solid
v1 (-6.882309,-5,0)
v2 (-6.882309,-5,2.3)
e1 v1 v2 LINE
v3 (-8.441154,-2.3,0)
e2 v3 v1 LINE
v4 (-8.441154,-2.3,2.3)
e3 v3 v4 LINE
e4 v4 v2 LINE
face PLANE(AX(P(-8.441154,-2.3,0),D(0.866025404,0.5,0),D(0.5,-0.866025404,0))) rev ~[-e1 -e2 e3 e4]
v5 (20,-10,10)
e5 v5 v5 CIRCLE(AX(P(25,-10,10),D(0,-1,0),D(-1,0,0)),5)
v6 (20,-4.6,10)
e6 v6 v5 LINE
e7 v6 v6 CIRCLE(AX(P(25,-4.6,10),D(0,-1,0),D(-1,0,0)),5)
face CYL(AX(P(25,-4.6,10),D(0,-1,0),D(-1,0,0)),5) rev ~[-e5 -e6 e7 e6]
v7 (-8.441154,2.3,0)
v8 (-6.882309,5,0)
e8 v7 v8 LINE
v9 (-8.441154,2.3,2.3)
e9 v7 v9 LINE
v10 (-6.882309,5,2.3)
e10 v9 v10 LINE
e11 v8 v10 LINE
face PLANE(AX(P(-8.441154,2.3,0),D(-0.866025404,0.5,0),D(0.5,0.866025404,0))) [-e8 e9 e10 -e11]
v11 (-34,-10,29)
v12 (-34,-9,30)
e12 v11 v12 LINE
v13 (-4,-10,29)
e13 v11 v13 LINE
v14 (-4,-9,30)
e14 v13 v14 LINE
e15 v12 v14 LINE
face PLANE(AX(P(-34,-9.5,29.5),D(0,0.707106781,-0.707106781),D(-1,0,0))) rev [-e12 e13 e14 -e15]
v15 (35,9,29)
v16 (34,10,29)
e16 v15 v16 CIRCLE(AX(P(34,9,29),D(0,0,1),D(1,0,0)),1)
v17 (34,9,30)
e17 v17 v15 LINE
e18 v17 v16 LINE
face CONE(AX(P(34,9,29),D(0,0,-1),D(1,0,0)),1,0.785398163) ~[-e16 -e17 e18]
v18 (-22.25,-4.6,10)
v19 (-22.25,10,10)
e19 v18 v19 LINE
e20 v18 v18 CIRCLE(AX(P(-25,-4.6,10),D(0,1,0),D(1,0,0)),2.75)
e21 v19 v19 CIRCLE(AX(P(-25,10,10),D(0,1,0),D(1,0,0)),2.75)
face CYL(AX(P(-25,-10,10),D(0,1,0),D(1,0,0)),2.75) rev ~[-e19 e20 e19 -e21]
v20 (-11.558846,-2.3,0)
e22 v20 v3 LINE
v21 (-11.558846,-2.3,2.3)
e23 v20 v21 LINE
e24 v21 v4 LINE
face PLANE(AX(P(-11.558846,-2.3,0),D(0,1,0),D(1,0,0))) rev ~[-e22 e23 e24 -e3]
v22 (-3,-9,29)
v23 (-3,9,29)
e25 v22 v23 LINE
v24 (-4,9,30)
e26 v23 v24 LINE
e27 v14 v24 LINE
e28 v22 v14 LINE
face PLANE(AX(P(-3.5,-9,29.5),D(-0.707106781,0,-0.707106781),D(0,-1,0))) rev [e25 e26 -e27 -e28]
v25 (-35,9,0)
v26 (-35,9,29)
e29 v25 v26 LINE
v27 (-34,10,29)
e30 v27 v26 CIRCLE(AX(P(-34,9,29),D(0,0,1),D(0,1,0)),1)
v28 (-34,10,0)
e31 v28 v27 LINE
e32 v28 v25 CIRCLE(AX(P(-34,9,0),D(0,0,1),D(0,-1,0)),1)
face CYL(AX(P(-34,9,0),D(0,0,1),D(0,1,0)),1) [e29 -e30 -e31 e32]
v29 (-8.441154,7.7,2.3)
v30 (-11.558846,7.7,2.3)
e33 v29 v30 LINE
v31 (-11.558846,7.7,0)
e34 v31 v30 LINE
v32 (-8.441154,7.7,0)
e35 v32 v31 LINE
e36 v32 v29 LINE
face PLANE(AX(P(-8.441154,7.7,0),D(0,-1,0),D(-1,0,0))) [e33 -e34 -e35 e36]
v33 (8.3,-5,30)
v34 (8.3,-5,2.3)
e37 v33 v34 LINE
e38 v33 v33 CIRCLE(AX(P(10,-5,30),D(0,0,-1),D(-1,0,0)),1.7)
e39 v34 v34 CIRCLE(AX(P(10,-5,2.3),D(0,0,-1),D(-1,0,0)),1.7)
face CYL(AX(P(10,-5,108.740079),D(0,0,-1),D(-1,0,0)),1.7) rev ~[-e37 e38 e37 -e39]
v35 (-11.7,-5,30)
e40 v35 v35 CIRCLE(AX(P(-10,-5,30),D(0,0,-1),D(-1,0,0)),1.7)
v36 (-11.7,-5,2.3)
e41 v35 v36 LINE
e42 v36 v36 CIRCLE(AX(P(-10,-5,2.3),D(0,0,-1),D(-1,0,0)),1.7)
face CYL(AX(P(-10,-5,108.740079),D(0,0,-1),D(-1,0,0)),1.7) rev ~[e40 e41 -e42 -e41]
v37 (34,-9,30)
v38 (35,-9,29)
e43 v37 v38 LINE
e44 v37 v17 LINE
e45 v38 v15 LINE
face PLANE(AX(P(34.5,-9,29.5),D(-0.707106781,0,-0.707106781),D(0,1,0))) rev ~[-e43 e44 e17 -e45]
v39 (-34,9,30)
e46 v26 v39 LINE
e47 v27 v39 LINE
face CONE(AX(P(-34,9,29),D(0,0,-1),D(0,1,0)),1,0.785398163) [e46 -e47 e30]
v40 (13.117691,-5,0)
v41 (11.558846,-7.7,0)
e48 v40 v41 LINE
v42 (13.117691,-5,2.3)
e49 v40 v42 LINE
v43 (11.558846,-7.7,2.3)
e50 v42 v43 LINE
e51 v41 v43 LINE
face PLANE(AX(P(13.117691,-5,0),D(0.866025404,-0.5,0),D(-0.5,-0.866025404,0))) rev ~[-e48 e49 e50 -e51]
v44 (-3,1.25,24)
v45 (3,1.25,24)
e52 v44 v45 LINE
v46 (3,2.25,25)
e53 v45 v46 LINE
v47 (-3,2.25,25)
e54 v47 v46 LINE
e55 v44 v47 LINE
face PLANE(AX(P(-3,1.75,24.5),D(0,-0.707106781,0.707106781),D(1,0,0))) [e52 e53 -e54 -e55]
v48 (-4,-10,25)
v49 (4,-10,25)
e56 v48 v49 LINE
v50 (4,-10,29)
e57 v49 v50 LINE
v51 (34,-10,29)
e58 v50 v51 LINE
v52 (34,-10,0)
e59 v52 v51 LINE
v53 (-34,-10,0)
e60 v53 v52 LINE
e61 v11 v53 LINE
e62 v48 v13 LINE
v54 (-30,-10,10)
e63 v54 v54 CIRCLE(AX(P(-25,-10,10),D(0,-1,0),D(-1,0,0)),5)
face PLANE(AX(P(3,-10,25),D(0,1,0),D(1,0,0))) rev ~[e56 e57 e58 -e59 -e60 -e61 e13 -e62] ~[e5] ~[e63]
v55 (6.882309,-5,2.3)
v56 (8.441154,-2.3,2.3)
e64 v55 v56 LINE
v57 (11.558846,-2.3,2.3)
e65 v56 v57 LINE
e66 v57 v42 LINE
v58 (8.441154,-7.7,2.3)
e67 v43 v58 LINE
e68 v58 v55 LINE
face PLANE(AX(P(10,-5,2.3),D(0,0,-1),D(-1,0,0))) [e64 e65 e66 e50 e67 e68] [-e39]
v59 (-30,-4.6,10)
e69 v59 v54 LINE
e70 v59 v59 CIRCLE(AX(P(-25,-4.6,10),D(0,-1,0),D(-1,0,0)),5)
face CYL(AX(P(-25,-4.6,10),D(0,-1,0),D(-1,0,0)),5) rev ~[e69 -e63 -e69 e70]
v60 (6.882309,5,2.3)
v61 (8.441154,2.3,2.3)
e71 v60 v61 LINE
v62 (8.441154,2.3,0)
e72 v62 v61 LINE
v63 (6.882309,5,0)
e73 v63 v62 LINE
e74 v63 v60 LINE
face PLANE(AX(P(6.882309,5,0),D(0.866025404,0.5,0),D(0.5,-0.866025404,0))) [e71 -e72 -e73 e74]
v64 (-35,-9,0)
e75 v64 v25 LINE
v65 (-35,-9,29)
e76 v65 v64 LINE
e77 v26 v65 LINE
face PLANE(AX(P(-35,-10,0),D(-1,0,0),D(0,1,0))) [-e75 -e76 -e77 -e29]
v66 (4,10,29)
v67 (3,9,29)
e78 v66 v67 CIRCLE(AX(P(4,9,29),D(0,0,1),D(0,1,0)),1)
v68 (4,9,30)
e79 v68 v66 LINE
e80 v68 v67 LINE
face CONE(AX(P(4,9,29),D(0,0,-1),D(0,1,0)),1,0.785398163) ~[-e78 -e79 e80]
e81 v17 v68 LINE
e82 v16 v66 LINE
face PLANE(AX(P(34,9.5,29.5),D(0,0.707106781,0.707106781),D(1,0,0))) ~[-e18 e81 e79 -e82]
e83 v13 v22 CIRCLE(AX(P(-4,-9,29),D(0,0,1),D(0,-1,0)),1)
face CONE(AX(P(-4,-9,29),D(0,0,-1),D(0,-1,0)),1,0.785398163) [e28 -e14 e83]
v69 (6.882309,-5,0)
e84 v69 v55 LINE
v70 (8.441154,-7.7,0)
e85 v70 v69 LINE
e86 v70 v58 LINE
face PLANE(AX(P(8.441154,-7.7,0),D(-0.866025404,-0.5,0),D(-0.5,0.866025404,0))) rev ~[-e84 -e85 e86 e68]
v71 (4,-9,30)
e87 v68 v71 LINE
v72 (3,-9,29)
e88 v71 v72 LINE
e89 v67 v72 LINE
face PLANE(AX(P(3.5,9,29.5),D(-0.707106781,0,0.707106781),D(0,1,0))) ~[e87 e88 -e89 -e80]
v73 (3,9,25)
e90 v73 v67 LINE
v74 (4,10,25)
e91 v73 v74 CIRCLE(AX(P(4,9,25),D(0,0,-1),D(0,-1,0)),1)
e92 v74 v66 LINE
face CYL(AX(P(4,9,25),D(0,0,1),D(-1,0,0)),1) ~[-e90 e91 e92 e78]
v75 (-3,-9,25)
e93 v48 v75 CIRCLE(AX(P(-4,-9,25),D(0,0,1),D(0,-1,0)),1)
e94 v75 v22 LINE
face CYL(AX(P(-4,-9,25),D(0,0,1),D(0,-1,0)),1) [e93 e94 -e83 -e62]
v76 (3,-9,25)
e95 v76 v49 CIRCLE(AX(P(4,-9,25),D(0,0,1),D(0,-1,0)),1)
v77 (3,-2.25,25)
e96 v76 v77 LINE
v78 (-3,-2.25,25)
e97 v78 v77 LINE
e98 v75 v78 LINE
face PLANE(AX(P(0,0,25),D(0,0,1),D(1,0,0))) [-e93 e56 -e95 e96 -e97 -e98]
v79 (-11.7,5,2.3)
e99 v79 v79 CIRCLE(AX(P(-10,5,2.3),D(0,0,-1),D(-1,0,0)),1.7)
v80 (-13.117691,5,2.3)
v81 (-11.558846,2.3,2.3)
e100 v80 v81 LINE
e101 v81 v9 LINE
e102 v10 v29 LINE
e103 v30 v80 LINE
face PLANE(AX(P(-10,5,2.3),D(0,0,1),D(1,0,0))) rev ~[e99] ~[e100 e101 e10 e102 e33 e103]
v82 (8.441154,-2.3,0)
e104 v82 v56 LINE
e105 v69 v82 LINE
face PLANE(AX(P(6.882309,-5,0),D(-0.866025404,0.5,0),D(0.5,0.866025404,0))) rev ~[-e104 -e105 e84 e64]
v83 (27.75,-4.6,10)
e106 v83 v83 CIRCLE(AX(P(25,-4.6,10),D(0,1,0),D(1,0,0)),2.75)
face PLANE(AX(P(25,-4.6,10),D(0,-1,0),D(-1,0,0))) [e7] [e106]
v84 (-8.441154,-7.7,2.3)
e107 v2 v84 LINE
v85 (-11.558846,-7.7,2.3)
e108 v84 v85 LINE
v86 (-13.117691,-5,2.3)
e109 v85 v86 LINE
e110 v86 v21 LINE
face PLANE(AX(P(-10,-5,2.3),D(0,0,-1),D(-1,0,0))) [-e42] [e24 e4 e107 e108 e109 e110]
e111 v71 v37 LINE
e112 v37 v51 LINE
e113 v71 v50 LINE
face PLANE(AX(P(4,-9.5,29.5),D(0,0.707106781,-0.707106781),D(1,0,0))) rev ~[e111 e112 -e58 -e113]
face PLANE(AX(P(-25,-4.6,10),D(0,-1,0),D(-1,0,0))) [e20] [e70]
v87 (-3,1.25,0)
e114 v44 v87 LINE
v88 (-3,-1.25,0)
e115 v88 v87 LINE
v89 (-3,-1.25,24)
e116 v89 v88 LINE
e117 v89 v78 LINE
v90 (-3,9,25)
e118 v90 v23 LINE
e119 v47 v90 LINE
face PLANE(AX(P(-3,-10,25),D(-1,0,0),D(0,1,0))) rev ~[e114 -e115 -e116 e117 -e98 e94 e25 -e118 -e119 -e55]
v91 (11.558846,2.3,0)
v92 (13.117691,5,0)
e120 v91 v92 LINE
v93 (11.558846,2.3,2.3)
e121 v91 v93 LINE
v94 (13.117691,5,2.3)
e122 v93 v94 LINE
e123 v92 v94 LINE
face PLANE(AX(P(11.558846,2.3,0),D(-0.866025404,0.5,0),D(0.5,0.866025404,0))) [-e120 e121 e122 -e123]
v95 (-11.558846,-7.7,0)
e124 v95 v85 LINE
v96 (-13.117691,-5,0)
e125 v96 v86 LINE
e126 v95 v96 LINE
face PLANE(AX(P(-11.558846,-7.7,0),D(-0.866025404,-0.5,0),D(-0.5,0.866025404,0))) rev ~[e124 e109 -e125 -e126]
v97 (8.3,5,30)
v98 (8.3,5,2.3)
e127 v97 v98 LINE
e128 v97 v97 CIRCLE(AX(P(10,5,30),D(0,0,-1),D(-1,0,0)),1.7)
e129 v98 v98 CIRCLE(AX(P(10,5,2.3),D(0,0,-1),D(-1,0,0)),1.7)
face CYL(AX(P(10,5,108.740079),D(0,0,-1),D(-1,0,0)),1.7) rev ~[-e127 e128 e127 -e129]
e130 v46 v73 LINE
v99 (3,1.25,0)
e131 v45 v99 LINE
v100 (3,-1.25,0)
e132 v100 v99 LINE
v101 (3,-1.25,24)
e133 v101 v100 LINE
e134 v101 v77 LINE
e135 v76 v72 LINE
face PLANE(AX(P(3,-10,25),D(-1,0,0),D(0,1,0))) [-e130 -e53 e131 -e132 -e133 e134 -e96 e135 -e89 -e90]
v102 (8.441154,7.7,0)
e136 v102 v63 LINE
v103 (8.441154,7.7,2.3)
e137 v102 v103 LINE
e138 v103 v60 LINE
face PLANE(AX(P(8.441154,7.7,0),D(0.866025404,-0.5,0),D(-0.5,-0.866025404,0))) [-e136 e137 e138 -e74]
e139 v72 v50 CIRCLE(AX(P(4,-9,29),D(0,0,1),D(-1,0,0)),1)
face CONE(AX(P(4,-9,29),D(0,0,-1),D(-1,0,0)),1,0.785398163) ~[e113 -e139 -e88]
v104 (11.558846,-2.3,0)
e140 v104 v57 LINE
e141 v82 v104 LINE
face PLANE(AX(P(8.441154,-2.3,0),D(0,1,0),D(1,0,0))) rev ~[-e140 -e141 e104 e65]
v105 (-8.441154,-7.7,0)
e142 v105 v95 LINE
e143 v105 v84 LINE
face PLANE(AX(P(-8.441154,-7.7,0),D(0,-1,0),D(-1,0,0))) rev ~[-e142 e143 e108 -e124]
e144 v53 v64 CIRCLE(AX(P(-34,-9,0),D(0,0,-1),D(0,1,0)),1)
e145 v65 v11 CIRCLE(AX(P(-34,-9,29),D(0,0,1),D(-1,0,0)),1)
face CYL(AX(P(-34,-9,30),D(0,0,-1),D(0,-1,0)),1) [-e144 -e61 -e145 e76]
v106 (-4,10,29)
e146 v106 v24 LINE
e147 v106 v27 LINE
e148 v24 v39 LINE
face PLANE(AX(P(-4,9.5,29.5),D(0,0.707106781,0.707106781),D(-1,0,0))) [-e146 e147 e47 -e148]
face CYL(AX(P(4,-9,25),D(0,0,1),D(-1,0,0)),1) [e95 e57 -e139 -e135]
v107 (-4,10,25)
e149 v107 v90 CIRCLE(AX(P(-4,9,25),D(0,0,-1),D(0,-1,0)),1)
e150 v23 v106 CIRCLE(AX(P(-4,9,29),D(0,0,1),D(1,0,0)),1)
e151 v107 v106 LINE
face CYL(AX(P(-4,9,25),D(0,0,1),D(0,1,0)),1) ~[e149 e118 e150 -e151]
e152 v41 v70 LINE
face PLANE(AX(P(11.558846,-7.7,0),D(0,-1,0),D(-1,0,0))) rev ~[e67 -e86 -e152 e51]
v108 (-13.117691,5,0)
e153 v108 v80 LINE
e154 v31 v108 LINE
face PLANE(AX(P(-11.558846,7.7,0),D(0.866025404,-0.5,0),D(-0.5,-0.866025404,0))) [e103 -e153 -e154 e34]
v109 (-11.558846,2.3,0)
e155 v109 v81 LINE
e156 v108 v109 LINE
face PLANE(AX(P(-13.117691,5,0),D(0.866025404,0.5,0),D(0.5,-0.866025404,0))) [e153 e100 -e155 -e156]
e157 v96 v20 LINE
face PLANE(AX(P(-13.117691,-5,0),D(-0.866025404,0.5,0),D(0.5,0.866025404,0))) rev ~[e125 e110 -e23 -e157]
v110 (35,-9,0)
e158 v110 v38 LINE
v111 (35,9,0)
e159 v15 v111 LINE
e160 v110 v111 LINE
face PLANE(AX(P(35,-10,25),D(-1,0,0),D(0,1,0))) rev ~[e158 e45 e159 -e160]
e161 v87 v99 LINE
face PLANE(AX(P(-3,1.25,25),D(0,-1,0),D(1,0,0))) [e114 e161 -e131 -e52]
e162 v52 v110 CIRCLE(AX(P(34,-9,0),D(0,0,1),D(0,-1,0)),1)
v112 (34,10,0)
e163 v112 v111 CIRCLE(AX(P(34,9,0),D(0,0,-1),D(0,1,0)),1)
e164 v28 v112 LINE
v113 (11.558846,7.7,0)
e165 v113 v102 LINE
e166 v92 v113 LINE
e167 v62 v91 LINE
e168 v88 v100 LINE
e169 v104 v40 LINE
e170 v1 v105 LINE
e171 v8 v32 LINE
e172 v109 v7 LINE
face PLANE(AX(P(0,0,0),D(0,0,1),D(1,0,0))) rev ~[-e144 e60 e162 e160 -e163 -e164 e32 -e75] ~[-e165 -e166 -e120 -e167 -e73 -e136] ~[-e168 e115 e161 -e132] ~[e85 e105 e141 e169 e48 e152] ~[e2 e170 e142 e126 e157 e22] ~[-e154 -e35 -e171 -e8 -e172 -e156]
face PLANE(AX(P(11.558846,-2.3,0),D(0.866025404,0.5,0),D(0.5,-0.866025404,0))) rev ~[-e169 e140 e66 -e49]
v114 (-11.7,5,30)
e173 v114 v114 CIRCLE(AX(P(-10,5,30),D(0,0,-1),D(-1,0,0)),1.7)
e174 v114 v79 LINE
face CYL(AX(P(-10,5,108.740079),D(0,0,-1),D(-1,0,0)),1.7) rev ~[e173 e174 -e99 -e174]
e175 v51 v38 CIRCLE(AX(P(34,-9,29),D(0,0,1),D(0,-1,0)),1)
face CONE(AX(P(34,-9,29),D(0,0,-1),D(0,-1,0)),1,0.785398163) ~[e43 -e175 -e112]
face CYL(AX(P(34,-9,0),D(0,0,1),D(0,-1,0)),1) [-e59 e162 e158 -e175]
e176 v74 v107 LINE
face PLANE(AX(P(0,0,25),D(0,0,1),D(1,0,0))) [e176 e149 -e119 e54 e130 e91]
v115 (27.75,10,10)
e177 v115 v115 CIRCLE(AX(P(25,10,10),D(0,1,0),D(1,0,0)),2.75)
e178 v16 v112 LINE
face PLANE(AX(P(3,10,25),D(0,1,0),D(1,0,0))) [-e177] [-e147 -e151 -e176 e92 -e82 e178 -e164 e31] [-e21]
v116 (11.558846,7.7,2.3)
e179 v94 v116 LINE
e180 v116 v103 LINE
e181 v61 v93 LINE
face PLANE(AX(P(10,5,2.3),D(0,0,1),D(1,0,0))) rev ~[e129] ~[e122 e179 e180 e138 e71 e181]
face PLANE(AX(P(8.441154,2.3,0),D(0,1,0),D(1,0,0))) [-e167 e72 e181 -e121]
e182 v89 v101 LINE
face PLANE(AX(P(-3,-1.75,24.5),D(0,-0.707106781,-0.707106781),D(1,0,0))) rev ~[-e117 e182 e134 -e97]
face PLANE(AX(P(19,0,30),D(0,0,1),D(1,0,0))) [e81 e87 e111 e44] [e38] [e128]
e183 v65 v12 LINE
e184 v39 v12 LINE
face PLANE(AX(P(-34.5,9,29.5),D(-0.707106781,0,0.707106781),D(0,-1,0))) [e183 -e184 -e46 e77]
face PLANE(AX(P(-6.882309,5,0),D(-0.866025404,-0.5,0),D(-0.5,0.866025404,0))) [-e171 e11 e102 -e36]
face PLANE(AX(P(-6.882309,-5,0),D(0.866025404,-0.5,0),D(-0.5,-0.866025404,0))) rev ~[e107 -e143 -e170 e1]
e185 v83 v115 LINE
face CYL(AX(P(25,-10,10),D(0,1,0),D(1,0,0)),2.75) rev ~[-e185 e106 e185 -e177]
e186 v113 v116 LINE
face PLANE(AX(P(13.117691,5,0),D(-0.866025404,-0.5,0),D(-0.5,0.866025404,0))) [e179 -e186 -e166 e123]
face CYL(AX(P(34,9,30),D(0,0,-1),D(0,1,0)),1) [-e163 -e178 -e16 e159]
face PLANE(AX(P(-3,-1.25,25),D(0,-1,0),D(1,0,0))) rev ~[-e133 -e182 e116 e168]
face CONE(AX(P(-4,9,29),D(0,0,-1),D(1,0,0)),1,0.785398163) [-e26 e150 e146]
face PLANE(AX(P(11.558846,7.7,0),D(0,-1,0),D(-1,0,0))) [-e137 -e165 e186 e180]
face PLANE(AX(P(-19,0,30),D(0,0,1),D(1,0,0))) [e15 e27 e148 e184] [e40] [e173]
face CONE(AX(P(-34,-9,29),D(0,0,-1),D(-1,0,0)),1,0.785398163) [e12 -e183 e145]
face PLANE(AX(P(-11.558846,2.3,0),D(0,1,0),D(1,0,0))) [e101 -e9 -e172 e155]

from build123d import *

# Parameters (mm, degrees)
MAIN_BLOCK_SKETCH_W          = 70
MAIN_BLOCK_SKETCH_H          = 20
MAIN_BLOCK_DEPTH             = 25
THICKER_SECTION_SKETCH_W     = 32
THICKER_SECTION_SKETCH_H     = 20
THICKER_SECTION_DEPTH        = 5
BELT_TRAP_CUT_SKETCH_W       = 6
BELT_TRAP_CUT_SKETCH_H       = 2.5
BELT_TRAP_CUT_DEPTH          = 45.158804332
BELT_HOLDER_MOUNTING_HOLES_D = 3.4
NUT_TRAPS_DEPTH              = 2.3
MOUNTING_HOLES_D             = 5.5
MOUNTING_HOLES_CBORE_D       = 10
MOUNTING_HOLES_CBORE_DEPTH   = 5.4
PRINT_HELPER_FILLETS_R       = 1
BELT_GUIDE_CHAMFERS_SIZE     = 1
COSMETIC_CHAMFERS_SIZE       = 1


with BuildPart() as part:
    # Main Block Sketch → Main Block (new body)
    with BuildSketch(Plane.XY):
        Rectangle(MAIN_BLOCK_SKETCH_W, MAIN_BLOCK_SKETCH_H)
    extrude(amount=MAIN_BLOCK_DEPTH)

    # Thicker Section Sketch → Thicker Section (add)
    with BuildSketch(Plane.XY.offset(25)):
        with Locations((19, 0)):
            Rectangle(THICKER_SECTION_SKETCH_W, THICKER_SECTION_SKETCH_H)
        with Locations((-19, 0)):
            Rectangle(THICKER_SECTION_SKETCH_W, THICKER_SECTION_SKETCH_H)
    extrude(amount=THICKER_SECTION_DEPTH)

    # Belt Trap Cut Sketch → Belt Trap Cut (cut, through all)
    with BuildSketch(Plane.XY.offset(25)):
        Rectangle(BELT_TRAP_CUT_SKETCH_W, BELT_TRAP_CUT_SKETCH_H)
    extrude(amount=-BELT_TRAP_CUT_DEPTH, mode=Mode.SUBTRACT)

    # Belt Holder Mounting Holes (through all)
    with Locations(Plane.XY.offset(30)):
        with Locations((-10, 5), (10, 5), (-10, -5), (10, -5)):
            Hole(BELT_HOLDER_MOUNTING_HOLES_D / 2)

    # Nut Trap Sketch → Nut Traps (cut)
    with BuildSketch(Plane.XY):
        Polygon((11.558845727, 7.7), (8.441154273, 7.7), (6.882308546, 5), (8.441154273, 2.3), (11.558845727, 2.3), (13.117691454, 5), align=None)
        Polygon((-11.558845727, 7.7), (-13.117691454, 5), (-11.558845727, 2.3), (-8.441154273, 2.3), (-6.882308546, 5), (-8.441154273, 7.7), align=None)
        Polygon((-8.441154273, -7.7), (-11.558845727, -7.7), (-13.117691454, -5), (-11.558845727, -2.3), (-8.441154273, -2.3), (-6.882308546, -5), align=None)
        Polygon((13.117691454, -5), (11.558845727, -7.7), (8.441154273, -7.7), (6.882308546, -5), (8.441154273, -2.3), (11.558845727, -2.3), align=None)
    extrude(amount=NUT_TRAPS_DEPTH, mode=Mode.SUBTRACT)

    # Mounting Holes (through all)
    with Locations(Plane(origin=(0, -10, 0), x_dir=(-1, 0, 0), z_dir=(0, -1, 0))):
        with Locations((-25, -10), (25, -10)):
            CounterBoreHole(MOUNTING_HOLES_D / 2, MOUNTING_HOLES_CBORE_D / 2, MOUNTING_HOLES_CBORE_DEPTH)

    # Print Helper Fillets
    print_helper_fillets_edges = [part.edges().sort_by_distance(p)[0] for p in [
        (-3, -10, 27.5),
        (-35, 10, 15),
        (-3, 10, 27.5),
        (-35, -10, 15),
        (3, 10, 27.5),
        (3, -10, 27.5),
        (35, -10, 15),
        (35, 10, 15),
    ]]
    fillet(print_helper_fillets_edges, radius=PRINT_HELPER_FILLETS_R)

    # Belt Guide Chamfers
    belt_guide_chamfers_edges = [part.edges().sort_by_distance(p)[0] for p in [
        (0, 1.25, 25),
        (0, -1.25, 25),
    ]]
    chamfer(belt_guide_chamfers_edges, length=BELT_GUIDE_CHAMFERS_SIZE)

    # Cosmetic Chamfers
    cosmetic_chamfers_edges = [part.edges().sort_by_distance(p)[0] for p in [
        (-3, 0, 30),
        (-19, -10, 30),
        (19, -10, 30),
        (-19, 10, 30),
        (-35, 0, 30),
        (-34.707106781, 9.707106781, 30),
        (-34.707106781, -9.707106781, 30),
        (-3.292893219, 9.707106781, 30),
        (-3.292893219, -9.707106781, 30),
        (3, 0, 30),
        (35, 0, 30),
        (19, 10, 30),
        (34.707106781, 9.707106781, 30),
        (34.707106781, -9.707106781, 30),
        (3.292893219, 9.707106781, 30),
        (3.292893219, -9.707106781, 30),
    ]]
    chamfer(cosmetic_chamfers_edges, length=COSMETIC_CHAMFERS_SIZE)


solid = part.part
